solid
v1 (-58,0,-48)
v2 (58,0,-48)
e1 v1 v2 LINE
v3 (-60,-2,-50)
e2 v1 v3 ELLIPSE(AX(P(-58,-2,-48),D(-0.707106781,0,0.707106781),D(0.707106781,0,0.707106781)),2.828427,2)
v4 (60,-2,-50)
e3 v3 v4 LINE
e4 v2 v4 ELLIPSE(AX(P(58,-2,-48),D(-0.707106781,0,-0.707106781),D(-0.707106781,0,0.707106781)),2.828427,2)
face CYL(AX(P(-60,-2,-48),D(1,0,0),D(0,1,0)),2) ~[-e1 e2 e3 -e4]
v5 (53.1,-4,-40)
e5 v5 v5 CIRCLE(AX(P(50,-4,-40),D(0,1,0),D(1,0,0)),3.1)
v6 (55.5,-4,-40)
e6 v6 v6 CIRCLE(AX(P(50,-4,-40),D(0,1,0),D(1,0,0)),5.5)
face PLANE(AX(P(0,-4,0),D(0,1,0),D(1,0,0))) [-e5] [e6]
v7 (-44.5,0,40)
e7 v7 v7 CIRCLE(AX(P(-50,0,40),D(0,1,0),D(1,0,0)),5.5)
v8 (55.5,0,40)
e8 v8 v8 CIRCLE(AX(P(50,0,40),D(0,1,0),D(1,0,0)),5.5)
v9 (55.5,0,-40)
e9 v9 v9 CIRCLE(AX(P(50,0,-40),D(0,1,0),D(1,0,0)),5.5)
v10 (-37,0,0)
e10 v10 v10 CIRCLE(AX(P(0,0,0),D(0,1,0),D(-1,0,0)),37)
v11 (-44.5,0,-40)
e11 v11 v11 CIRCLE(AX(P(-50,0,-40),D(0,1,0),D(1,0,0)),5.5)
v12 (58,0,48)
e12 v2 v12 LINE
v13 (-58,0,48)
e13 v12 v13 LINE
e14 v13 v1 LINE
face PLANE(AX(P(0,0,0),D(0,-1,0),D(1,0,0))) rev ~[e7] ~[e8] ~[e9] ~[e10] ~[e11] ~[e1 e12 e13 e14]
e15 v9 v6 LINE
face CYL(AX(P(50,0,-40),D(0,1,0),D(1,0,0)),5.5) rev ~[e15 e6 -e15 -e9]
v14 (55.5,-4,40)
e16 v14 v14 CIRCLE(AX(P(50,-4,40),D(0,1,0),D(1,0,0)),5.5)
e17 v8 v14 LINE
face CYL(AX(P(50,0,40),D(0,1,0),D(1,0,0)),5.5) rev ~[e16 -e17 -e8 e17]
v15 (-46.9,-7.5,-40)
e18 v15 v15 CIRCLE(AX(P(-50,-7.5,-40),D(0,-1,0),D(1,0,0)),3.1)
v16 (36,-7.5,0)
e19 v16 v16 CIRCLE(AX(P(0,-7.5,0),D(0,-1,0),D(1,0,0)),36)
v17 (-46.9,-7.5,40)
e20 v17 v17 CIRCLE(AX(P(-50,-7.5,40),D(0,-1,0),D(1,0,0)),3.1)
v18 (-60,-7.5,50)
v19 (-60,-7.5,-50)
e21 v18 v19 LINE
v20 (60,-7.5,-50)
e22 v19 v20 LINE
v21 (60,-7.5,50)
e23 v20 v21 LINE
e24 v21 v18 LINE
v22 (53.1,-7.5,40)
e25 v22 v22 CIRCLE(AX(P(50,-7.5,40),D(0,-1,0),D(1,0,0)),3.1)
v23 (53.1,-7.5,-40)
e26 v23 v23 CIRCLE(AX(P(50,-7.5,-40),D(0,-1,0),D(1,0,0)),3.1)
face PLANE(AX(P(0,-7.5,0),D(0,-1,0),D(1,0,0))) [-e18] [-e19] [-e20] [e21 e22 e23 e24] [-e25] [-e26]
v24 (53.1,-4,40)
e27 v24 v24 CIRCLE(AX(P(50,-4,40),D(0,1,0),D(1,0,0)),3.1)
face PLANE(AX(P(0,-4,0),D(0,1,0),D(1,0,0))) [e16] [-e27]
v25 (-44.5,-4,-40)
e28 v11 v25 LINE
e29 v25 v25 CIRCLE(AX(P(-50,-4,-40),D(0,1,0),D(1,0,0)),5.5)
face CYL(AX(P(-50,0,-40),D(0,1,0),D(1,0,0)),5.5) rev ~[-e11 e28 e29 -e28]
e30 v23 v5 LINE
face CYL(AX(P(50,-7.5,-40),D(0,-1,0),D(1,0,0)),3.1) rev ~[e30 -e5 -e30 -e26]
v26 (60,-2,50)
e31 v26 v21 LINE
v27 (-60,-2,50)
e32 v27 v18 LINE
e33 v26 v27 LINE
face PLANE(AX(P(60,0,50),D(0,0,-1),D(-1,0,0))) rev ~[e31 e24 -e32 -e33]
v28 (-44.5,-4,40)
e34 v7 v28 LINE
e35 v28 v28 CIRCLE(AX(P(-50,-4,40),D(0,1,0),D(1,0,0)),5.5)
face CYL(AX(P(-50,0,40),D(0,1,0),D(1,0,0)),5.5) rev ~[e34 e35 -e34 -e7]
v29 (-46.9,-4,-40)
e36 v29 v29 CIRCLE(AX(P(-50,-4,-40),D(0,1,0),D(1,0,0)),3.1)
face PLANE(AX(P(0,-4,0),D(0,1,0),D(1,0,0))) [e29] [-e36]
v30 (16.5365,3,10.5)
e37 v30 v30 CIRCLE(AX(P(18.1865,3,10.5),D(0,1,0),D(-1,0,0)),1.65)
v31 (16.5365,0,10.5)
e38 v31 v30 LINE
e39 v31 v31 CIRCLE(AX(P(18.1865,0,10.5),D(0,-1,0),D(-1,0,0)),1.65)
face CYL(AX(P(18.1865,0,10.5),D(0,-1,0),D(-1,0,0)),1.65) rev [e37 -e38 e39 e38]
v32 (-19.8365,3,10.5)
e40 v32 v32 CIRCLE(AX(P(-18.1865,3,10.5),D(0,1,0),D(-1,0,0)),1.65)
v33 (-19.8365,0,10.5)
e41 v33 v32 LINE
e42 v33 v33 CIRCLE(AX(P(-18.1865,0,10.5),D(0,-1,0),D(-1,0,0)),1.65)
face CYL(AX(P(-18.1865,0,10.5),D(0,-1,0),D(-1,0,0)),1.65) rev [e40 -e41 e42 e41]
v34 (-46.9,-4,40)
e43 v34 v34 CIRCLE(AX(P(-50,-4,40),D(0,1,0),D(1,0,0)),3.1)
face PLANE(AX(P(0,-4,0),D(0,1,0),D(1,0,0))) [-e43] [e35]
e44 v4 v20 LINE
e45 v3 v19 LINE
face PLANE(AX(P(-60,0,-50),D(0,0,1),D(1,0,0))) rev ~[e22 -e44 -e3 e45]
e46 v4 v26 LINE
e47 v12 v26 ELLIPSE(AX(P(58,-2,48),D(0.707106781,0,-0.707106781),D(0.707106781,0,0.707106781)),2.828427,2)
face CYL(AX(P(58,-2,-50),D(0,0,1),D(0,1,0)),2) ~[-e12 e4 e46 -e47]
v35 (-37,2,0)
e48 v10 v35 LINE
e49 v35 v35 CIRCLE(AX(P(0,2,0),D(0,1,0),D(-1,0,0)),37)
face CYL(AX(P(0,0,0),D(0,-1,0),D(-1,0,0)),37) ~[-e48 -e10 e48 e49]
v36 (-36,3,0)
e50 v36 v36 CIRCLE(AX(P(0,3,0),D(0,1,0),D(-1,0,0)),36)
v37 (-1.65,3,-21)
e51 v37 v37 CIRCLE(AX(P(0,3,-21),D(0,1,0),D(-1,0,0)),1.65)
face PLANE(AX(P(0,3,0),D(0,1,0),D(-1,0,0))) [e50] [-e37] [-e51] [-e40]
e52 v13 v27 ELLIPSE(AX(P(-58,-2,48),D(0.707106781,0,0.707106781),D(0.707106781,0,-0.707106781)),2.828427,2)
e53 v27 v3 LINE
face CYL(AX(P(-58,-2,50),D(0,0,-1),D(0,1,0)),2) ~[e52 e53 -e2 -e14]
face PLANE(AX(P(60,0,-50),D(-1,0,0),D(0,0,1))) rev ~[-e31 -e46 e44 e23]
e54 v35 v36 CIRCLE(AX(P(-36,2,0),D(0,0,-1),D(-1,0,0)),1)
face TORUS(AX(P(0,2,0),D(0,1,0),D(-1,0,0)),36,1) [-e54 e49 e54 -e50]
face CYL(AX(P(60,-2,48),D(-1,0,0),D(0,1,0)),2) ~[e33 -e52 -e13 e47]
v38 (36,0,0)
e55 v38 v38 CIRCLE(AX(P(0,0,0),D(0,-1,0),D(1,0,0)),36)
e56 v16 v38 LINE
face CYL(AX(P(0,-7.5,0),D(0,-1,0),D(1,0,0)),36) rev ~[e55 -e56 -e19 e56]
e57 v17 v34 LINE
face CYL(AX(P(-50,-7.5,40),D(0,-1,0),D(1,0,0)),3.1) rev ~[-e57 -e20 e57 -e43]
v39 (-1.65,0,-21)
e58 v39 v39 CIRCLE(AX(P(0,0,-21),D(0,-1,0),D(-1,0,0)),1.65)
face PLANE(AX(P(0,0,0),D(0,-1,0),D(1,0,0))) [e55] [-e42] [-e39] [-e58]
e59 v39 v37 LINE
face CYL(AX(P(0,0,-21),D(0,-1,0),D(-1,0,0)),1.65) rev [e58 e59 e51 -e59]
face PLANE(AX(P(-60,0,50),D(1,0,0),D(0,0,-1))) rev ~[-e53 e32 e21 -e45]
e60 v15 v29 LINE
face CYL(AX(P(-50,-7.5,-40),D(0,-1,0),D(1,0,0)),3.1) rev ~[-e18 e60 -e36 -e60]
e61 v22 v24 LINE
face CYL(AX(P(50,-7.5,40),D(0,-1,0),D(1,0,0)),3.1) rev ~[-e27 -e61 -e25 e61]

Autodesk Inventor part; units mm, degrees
ref_plane "YZ Plane" through (0, 0, 0) normal (1, 0, 0) x (0, 1, 0)
ref_plane "XZ Plane" through (0, 0, 0) normal (0, 1, 0) x (-1, 0, 0)
ref_plane "XY Plane" through (0, 0, 0) normal (0, 0, 1) x (1, 0, 0)
sketch "스케치1" plane through (0, 0, 0) normal (0, 1, 0) x (-1, 0, 0)
  circle A0 centre (0, 0) radius 37
  circle A1 centre (0, 0) radius 21 construction
  circle A2 centre (0, -21) radius 1.65
  circle A3 centre (18.1865, 10.5) radius 1.65
  circle A4 centre (-18.1865, 10.5) radius 1.65
  dimension "d1" = 42
  dimension "d0" = 74
  dimension "d2" = 3.3
  dimension "d6" = 360
extrude "돌출1" add sketch "스케치1" along normal blind 3
sketch "스케치2" plane through (0, 0, 0) normal (0, -1, 0) x (1, 0, 0)
  line L0 (60, 50) -> (-60, 50)
  line L1 (-60, 50) -> (-60, -50)
  line L2 (-60, -50) -> (60, -50)
  line L3 (60, -50) -> (60, 50)
  line L4 (60, 50) -> (-60, -50) construction
  line L5 (-60, 50) -> (60, -50) construction
  circle A0 centre (0, 0) radius 37 projected
  circle A1 centre (18.1865, 10.5) radius 1.65 projected
  circle A2 centre (-18.1865, 10.5) radius 1.65 projected
  circle A3 centre (0, -21) radius 1.65 projected
  dimension "d10" = 120
  dimension "d11" = 100
extrude "돌출2" add sketch "스케치2" along normal blind 7.5 contours L3 L2 L1 L0 | A0
fillet "모깎기1" radius 2 4 edges at (60, 0, 0) (0, 0, -50) (-60, 0, 0) (0, 0, 50)
fillet "모깎기1" radius 1 1 edges at (37, 3, 0)
sketch "스케치5" plane through (0, -7.5, 0) normal (0, -1, 0) x (1, 0, 0)
  circle A0 centre (0, 0) radius 36 projected
extrude "돌출3" cut sketch "스케치5" against normal blind 7.5
sketch "스케치6" plane through (0, -7.5, 0) normal (0, -1, 0) x (1, 0, 0)
  circle A0 centre (-50, -40) radius 3.1
  line L0 (-60, -50) -> (60, -50) projected
  line L1 (-60, 50) -> (-60, -50) projected
  circle A1 centre (50, -40) radius 3.1
  circle A2 centre (-50, 40) radius 3.1
  circle A3 centre (50, 40) radius 3.1
  point P0 (0, 0)
  dimension "d18" = 6.2
  dimension "d19" = 10
  dimension "d20" = 10
  dimension "d21" = 120
  dimension "d22" = 100
  dimension "d25" = 100
  dimension "d32" = 80
extrude "돌출4" cut sketch "스케치6" against normal through all
sketch "스케치7" plane through (0, 0, 0) normal (0, 1, 0) x (1, 0, 0)
  circle A0 centre (-50, 40) radius 3.1 projected
  circle A1 centre (50, 40) radius 3.1 projected
  circle A2 centre (-50, -40) radius 3.1 projected
  circle A3 centre (50, -40) radius 3.1 projected
  circle A4 centre (0, 0) radius 37 projected
  line L0 (-58, -48) -> (-58, 48) projected
  line L1 (58, -48) -> (-58, -48) projected
  line L2 (58, 48) -> (58, -48) projected
  line L3 (-58, 48) -> (58, 48) projected
  circle A5 centre (50, -40) radius 5.5
  circle A6 centre (-50, -40) radius 5.5
  circle A7 centre (-50, 40) radius 5.5
  circle A8 centre (50, 40) radius 5.5
  dimension "d39" = 11
  dimension "d40" = 11
  dimension "d41" = 11
  dimension "d42" = 11
extrude "돌출5" cut sketch "스케치7" against normal blind 4 contours A5 | A6 | A7 | A8
properties part number "LiDAR_holder_upper" material "ABS Plastic"
